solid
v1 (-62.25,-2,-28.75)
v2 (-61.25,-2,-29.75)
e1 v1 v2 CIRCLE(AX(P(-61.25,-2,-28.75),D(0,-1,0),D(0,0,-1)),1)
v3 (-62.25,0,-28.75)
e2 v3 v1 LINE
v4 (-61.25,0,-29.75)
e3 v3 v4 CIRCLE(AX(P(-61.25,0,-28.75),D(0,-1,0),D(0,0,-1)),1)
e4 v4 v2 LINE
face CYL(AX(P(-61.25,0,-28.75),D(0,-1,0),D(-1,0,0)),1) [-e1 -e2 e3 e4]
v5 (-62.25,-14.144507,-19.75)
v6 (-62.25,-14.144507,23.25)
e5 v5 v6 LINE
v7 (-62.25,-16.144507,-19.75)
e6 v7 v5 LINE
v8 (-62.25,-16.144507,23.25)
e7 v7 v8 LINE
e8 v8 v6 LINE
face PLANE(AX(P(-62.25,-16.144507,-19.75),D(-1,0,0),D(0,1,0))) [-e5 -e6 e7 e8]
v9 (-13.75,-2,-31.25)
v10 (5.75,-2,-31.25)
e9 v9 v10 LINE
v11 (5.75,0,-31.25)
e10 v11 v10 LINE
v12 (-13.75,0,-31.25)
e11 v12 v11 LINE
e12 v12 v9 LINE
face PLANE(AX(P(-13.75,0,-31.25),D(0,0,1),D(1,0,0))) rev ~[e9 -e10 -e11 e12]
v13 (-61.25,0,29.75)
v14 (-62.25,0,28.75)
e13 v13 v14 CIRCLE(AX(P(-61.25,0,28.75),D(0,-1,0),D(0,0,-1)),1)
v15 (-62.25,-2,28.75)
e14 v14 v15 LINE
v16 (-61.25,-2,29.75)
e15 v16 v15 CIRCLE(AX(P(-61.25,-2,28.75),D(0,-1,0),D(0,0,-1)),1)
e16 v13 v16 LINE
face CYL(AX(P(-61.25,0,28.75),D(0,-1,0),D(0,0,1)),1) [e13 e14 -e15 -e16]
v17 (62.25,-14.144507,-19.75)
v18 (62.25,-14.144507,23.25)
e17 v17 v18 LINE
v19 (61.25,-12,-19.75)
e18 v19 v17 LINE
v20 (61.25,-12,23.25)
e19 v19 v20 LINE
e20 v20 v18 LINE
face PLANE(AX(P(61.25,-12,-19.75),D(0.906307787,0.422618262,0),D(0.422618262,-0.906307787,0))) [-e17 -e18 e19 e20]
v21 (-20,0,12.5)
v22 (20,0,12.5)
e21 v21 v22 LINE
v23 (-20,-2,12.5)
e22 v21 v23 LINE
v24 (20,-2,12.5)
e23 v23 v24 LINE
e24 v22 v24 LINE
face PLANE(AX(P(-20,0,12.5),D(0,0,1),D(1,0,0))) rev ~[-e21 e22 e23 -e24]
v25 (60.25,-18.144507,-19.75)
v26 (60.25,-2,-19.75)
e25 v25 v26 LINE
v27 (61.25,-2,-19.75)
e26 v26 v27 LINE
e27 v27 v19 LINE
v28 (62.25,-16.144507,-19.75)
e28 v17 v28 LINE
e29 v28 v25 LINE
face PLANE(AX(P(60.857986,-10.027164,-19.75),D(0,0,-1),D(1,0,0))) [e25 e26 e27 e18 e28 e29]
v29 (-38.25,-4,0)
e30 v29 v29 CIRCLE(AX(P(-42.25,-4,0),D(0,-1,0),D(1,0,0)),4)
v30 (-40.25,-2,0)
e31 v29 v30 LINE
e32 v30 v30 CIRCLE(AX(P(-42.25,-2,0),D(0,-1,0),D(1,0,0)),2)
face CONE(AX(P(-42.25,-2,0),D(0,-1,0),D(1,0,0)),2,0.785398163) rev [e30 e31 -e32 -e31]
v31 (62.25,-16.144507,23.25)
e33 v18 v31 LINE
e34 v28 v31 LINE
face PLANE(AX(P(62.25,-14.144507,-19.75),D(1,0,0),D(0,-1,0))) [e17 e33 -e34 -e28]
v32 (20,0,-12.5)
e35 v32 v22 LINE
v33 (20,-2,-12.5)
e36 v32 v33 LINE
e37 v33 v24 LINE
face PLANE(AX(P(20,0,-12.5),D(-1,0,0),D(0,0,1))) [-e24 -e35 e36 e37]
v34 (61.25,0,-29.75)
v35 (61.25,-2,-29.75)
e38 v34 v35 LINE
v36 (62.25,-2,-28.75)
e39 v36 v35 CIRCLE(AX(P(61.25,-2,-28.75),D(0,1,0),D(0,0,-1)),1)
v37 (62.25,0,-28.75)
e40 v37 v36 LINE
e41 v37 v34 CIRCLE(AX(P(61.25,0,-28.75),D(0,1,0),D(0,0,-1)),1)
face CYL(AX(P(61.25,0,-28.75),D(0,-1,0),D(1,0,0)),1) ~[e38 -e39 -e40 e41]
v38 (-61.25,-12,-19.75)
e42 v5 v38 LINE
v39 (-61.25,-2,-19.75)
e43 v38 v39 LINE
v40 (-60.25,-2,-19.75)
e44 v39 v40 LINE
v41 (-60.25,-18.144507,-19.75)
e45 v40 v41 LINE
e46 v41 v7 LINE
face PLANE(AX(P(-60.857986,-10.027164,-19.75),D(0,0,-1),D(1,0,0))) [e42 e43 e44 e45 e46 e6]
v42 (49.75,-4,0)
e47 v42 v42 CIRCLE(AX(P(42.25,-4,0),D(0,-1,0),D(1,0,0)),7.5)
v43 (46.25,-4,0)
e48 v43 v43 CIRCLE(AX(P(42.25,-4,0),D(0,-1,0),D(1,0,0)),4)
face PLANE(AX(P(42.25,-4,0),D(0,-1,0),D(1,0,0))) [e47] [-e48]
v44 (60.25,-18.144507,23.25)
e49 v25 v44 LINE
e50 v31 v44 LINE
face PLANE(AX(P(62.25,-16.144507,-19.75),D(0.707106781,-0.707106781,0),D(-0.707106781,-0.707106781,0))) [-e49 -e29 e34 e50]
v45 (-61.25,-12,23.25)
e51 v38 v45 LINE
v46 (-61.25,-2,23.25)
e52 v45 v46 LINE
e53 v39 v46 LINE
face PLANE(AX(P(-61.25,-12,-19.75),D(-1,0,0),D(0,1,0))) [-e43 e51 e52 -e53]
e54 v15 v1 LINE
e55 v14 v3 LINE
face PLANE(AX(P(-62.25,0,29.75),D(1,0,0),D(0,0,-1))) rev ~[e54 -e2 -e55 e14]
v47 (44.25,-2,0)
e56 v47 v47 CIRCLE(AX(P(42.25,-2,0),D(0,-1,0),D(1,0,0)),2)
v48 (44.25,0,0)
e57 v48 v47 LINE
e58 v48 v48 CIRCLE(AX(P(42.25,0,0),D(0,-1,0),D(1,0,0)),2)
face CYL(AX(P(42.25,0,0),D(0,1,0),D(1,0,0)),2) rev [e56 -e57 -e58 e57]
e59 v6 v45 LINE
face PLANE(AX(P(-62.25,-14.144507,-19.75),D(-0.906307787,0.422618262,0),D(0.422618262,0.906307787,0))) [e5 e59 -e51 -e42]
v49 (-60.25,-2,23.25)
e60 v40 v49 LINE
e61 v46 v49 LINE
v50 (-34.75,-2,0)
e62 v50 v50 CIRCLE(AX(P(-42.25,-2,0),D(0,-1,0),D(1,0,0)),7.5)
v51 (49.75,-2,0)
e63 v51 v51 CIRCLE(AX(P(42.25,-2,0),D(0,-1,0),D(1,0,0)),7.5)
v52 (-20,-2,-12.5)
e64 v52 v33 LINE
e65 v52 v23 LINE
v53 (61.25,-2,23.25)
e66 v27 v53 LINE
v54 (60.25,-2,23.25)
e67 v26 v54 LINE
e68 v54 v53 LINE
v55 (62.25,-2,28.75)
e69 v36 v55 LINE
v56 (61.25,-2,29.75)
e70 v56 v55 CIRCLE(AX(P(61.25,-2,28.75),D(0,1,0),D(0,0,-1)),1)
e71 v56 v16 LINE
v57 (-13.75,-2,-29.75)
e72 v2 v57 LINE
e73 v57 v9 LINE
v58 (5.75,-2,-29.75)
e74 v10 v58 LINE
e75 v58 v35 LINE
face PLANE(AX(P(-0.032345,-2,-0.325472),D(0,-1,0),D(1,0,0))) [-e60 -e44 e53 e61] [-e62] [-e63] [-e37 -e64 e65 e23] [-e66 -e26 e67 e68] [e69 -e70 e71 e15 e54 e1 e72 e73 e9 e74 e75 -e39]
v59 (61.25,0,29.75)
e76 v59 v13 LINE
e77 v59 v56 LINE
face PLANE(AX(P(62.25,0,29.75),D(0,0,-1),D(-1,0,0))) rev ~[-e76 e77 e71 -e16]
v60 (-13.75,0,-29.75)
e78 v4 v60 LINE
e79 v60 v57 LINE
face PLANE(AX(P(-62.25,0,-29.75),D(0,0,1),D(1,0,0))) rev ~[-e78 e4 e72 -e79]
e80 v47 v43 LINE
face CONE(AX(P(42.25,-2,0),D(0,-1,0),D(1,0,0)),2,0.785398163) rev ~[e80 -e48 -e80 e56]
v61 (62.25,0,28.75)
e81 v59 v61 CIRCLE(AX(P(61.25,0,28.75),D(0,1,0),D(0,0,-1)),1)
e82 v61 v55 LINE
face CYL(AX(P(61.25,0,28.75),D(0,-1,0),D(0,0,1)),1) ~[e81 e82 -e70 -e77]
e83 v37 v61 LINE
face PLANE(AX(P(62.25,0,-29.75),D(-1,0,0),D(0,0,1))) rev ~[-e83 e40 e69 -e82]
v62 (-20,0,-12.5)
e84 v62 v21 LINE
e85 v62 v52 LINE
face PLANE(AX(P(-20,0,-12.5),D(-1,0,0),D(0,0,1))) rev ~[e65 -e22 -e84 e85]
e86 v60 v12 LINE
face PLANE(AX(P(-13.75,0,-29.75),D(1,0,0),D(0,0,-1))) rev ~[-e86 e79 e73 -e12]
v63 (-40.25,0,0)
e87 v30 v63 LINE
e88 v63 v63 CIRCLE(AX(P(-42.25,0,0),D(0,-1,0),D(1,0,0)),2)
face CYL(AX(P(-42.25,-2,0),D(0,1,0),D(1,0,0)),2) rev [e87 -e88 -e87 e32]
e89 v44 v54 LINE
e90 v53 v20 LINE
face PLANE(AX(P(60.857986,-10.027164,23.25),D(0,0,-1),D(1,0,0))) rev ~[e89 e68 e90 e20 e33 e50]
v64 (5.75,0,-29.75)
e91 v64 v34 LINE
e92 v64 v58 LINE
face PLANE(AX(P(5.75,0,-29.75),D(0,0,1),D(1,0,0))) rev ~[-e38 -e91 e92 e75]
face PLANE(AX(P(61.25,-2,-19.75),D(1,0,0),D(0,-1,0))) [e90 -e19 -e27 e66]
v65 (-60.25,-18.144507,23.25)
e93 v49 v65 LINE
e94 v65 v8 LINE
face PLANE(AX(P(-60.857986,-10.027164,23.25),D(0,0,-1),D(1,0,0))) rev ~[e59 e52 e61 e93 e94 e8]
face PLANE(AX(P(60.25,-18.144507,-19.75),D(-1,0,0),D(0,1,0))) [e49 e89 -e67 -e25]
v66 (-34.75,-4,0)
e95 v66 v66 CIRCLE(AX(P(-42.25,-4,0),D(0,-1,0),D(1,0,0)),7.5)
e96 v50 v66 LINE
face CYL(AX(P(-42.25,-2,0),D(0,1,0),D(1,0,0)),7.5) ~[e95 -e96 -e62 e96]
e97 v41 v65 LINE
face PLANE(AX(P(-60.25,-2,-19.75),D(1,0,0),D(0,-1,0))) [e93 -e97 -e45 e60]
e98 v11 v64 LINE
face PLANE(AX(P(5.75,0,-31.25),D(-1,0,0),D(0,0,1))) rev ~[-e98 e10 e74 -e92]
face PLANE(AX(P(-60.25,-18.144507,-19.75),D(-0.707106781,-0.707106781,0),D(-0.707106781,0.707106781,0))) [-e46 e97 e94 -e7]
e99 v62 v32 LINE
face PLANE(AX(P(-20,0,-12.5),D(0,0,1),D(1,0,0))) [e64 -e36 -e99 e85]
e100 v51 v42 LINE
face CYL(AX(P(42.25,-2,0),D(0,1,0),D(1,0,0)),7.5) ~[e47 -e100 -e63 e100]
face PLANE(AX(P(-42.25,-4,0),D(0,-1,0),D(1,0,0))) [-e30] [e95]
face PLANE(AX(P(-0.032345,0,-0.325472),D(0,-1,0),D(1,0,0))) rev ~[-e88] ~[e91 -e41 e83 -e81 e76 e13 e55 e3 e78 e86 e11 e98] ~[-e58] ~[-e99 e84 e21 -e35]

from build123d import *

# Parameters (mm, degrees)
F0_R     = 2
F0_W     = 40
F0_H     = 25
F1_DEPTH = 2
F3_START = -10
F3_DEPTH = 43
F4_R     = 1
F5_R     = 7.5
F5_R_2   = 2
F6_DEPTH = 2
F7_SIZE  = 2


with BuildPart() as f1:
    # F0 (on Front) → F1 (new body)
    with BuildSketch(Plane.XZ):
        Polygon((62.25, 29.75), (-62.25, 29.75), (-62.25, -29.75), (-13.75, -29.75), (-13.75, -31.25), (5.75, -31.25), (5.75, -29.75), (62.25, -29.75), align=None)
        with Locations((-42.25, 0)):
            Circle(F0_R, mode=Mode.SUBTRACT)
        Rectangle(F0_W, F0_H, mode=Mode.SUBTRACT)
        with Locations((42.25, 0)):
            Circle(F0_R, mode=Mode.SUBTRACT)
    extrude(amount=F1_DEPTH)

    # F2 (on face) → F3 (join)
    with BuildSketch(Plane(origin=(0, 0, -29.75), x_dir=(1, 0, 0), z_dir=(0, 0, -1)).offset(F3_START)):
        Polygon((-61.25, 12), (-61.25, 2), (-60.25, 2), (-60.25, 18.1445069205), (-62.25, 16.1445069205), (-62.25, 14.1445069205), align=None)
        Polygon((61.25, 2), (61.25, 12), (62.25, 14.1445069205), (62.25, 16.1445069205), (60.25, 18.1445069205), (60.25, 2), align=None)
    extrude(amount=-F3_DEPTH)

    # F4
    f4_edges = [f1.edges().sort_by_distance(p)[0] for p in [
        (-62.25, -1, -29.75),
        (62.25, -1, -29.75),
        (62.25, -1, 29.75),
        (-62.25, -1, 29.75),
    ]]
    fillet(f4_edges, radius=F4_R)

    # F5 (on face) → F6 (join)
    with BuildSketch(Plane.XZ.offset(2)):
        with Locations((-42.25, 0)):
            Circle(F5_R)
        with Locations((-42.25, 0)):
            Circle(F5_R_2, mode=Mode.SUBTRACT)
        with Locations((42.25, 0)):
            Circle(F5_R)
        with Locations((42.25, 0)):
            Circle(F5_R_2, mode=Mode.SUBTRACT)
    extrude(amount=F6_DEPTH)

    # F7
    f7_edges = [f1.edges().sort_by_distance(p)[0] for p in [
        (-44.25, -4, 0),
        (40.25, -4, 0),
    ]]
    chamfer(f7_edges, length=F7_SIZE)


solid = f1.part
